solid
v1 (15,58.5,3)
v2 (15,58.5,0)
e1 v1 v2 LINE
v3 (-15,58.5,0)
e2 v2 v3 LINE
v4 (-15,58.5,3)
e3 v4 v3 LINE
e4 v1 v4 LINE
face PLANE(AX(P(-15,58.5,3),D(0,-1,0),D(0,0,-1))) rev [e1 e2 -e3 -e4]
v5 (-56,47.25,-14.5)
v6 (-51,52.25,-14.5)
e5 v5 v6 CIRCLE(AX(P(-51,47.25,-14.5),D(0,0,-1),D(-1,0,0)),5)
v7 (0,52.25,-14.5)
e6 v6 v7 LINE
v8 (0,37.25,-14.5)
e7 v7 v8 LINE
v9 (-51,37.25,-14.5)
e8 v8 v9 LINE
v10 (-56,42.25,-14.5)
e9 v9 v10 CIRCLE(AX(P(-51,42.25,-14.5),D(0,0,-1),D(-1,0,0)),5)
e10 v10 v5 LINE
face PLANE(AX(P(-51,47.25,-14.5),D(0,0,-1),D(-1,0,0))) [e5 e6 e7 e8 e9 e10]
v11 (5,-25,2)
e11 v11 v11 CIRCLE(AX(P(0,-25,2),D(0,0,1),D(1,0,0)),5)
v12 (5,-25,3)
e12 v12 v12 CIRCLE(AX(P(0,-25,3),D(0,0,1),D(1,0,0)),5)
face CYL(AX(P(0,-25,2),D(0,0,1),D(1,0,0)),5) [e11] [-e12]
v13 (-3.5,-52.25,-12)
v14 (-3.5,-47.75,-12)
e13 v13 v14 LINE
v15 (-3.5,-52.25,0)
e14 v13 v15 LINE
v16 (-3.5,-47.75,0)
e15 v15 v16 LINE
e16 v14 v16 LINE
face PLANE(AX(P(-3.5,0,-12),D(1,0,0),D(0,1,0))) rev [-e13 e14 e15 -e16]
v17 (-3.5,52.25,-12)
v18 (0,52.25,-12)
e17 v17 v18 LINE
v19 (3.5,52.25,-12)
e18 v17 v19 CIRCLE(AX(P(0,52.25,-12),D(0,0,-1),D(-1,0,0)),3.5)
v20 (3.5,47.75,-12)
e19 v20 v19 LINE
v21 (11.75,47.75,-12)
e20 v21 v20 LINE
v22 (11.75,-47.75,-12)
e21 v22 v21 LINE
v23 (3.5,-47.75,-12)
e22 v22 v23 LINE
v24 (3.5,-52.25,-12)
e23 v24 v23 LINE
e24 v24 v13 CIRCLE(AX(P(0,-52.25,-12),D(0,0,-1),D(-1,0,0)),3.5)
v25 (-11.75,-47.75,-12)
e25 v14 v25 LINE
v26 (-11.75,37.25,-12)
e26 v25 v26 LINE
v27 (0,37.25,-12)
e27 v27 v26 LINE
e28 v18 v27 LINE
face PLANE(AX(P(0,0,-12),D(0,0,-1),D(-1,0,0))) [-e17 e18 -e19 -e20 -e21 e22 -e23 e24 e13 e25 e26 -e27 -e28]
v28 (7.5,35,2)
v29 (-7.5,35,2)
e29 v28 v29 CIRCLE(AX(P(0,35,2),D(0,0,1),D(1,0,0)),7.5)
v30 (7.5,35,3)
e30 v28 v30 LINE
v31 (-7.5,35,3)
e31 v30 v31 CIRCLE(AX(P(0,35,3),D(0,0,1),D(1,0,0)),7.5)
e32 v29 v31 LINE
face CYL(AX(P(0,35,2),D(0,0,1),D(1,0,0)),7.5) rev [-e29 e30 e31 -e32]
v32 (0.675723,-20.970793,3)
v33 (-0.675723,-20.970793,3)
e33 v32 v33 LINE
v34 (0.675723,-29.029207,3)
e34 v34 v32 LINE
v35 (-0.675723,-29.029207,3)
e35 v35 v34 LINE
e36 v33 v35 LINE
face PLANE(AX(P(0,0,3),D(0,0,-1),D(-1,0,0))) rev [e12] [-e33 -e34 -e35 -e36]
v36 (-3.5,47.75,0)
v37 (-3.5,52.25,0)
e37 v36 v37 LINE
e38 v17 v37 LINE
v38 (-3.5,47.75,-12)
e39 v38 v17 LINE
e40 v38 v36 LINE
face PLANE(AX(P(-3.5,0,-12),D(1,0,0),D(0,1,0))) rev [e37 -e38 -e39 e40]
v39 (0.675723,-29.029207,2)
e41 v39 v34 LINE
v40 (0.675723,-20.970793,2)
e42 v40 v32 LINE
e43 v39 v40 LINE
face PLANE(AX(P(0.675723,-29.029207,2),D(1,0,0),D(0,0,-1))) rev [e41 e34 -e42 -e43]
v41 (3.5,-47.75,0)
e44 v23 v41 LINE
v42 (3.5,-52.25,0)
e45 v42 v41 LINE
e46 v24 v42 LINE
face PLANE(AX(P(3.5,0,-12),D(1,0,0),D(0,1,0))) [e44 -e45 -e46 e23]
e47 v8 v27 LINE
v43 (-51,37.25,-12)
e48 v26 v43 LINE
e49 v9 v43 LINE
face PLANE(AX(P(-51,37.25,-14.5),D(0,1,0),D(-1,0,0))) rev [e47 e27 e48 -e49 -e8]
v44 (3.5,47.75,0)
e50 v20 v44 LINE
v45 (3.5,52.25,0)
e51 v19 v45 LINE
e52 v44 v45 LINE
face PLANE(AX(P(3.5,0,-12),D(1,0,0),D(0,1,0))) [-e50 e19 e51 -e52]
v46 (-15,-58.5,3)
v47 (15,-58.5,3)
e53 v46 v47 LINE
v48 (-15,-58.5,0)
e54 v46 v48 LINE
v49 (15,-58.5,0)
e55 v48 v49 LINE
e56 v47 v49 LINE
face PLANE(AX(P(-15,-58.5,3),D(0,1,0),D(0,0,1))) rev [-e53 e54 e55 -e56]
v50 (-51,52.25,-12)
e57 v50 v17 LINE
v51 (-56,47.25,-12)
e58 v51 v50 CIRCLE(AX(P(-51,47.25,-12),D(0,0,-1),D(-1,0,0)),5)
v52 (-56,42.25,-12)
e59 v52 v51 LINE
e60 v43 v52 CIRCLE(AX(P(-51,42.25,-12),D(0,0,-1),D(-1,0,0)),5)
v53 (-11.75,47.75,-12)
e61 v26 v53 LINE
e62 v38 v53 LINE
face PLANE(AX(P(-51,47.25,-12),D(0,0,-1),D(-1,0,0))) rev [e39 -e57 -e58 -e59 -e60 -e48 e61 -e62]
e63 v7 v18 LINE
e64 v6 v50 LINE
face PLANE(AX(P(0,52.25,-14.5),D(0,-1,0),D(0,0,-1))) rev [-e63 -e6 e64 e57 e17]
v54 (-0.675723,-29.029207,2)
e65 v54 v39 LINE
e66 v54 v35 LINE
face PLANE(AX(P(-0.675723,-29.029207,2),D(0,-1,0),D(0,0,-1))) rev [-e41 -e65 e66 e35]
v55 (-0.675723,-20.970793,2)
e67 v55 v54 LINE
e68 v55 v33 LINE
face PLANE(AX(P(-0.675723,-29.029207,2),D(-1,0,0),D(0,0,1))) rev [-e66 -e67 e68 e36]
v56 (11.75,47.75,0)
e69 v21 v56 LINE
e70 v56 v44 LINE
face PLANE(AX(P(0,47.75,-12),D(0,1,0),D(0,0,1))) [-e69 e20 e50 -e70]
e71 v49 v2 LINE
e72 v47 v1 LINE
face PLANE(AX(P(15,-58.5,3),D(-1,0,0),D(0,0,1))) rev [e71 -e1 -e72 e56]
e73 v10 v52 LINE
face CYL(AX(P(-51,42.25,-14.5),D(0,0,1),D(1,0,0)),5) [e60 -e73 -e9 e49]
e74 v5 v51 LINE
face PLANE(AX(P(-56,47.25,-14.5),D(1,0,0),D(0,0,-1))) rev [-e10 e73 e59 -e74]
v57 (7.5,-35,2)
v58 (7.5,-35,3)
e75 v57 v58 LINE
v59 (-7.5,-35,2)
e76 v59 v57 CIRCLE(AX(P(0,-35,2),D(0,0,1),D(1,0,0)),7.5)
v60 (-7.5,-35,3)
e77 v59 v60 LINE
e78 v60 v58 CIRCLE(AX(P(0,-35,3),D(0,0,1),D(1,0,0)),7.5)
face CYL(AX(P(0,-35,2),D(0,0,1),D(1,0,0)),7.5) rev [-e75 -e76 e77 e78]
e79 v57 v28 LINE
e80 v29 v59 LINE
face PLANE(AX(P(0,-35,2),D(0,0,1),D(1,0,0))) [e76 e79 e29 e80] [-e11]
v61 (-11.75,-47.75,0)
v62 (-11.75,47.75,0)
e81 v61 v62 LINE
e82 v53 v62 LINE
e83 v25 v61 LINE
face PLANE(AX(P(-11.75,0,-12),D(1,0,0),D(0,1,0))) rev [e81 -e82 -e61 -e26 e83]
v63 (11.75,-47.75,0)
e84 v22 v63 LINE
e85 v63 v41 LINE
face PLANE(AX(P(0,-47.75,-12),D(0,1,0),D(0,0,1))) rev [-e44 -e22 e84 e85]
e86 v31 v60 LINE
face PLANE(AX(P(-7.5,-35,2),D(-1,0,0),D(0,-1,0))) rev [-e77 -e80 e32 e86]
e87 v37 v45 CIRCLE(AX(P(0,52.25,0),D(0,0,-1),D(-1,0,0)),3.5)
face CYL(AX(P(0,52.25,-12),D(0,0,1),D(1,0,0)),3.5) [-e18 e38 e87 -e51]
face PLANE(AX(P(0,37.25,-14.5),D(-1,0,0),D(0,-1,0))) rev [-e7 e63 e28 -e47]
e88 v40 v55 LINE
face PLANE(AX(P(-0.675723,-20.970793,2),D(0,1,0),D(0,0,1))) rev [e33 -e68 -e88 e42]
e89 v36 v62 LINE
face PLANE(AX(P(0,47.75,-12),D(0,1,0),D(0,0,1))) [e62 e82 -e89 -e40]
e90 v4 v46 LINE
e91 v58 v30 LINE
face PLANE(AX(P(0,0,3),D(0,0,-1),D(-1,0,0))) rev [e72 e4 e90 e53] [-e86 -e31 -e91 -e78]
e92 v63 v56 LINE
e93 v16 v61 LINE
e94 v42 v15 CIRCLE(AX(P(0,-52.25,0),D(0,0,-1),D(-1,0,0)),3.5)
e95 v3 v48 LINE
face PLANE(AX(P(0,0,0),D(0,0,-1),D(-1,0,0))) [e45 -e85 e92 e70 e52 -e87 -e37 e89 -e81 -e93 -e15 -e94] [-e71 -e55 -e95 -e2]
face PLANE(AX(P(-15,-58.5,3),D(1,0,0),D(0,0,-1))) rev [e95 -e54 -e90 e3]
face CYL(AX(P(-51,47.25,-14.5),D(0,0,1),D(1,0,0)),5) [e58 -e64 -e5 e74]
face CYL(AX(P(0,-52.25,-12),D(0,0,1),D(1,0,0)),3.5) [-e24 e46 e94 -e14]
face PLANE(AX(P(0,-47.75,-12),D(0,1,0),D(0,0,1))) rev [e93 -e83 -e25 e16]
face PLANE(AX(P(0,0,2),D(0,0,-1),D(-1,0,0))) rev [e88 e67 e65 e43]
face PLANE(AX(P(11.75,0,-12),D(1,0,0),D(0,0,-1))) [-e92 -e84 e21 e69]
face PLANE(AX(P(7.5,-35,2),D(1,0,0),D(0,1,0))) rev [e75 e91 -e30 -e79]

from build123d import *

# Parameters (mm, degrees)
SKETCH_1_W          = 30
SKETCH_1_H          = 117
EXTRUDE_1_DEPTH     = 3
SKETCH_2_R          = 5
CUT_EXTRUDE_1_DEPTH = 1
SKETCH_3_W          = 1.351446616
SKETCH_3_H          = 8.058414564
CUT_EXTRUDE_2_DEPTH = 1
SKETCH_4_W          = 8.25
SKETCH_4_H          = 95.5
SKETCH_4_W_2        = 7
EXTRUDE_2_DEPTH     = 12
EXTRUDE_3_DEPTH     = 2.5


with BuildPart() as part:
    # 草图1 → 凸台-拉伸1 (new body)
    with BuildSketch(Plane.XY):
        Rectangle(SKETCH_1_W, SKETCH_1_H)
    extrude(amount=EXTRUDE_1_DEPTH)

    # 草图2 → 切除-拉伸1 (cut)
    with BuildSketch(Plane.XY.offset(3)):
        with BuildLine():
            Line((-7.5, -35), (-7.5, 35))
            ThreePointArc((-7.5, 35), (0, 42.5), (7.5, 35))
            Line((7.5, 35), (7.5, -35))
            ThreePointArc((7.5, -35), (0, -42.5), (-7.5, -35))
        make_face()
        with Locations((0, -25)):
            Circle(SKETCH_2_R, mode=Mode.SUBTRACT)
    extrude(amount=-CUT_EXTRUDE_1_DEPTH, mode=Mode.SUBTRACT)

    # 草图3 → 切除-拉伸2 (cut)
    with BuildSketch(Plane.XY.offset(3)):
        with Locations((0, -25)):
            Rectangle(SKETCH_3_W, SKETCH_3_H)
    extrude(amount=-CUT_EXTRUDE_2_DEPTH, mode=Mode.SUBTRACT)

    # 草图4 → 凸台-拉伸2 (add)
    with BuildSketch(Plane(origin=(0, 0, 0), x_dir=(-1, 0, 0), z_dir=(0, 0, -1))):
        with Locations((-7.625, 0)):
            Rectangle(SKETCH_4_W, SKETCH_4_H)
        Rectangle(SKETCH_4_W_2, SKETCH_4_H)
        with BuildLine():
            Line((-3.5, 52.25), (-3.5, 47.75))
            Line((-3.5, 47.75), (3.5, 47.75))
            Line((3.5, 47.75), (3.5, 52.25))
            ThreePointArc((3.5, 52.25), (0, 55.75), (-3.5, 52.25))
        make_face()
        with Locations((7.625, 0)):
            Rectangle(SKETCH_4_W, SKETCH_4_H)
        with BuildLine():
            Line((3.5, -47.75), (-3.5, -47.75))
            Line((-3.5, -47.75), (-3.5, -52.25))
            ThreePointArc((-3.5, -52.25), (0, -55.75), (3.5, -52.25))
            Line((3.5, -52.25), (3.5, -47.75))
        make_face()
    extrude(amount=EXTRUDE_2_DEPTH)

    # 草图5 → 凸台-拉伸3 (add)
    with BuildSketch(Plane(origin=(0, 0, -12), x_dir=(-1, 0, 0), z_dir=(0, 0, -1))):
        with BuildLine():
            Line((0, 52.25), (51, 52.25))
            ThreePointArc((51, 52.25), (54.535533906, 50.785533906), (56, 47.25))
            Line((56, 47.25), (56, 42.25))
            ThreePointArc((56, 42.25), (54.535533906, 38.714466094), (51, 37.25))
            Line((51, 37.25), (0, 37.25))
            Line((0, 37.25), (0, 52.25))
        make_face()
    extrude(amount=EXTRUDE_3_DEPTH)


solid = part.part
